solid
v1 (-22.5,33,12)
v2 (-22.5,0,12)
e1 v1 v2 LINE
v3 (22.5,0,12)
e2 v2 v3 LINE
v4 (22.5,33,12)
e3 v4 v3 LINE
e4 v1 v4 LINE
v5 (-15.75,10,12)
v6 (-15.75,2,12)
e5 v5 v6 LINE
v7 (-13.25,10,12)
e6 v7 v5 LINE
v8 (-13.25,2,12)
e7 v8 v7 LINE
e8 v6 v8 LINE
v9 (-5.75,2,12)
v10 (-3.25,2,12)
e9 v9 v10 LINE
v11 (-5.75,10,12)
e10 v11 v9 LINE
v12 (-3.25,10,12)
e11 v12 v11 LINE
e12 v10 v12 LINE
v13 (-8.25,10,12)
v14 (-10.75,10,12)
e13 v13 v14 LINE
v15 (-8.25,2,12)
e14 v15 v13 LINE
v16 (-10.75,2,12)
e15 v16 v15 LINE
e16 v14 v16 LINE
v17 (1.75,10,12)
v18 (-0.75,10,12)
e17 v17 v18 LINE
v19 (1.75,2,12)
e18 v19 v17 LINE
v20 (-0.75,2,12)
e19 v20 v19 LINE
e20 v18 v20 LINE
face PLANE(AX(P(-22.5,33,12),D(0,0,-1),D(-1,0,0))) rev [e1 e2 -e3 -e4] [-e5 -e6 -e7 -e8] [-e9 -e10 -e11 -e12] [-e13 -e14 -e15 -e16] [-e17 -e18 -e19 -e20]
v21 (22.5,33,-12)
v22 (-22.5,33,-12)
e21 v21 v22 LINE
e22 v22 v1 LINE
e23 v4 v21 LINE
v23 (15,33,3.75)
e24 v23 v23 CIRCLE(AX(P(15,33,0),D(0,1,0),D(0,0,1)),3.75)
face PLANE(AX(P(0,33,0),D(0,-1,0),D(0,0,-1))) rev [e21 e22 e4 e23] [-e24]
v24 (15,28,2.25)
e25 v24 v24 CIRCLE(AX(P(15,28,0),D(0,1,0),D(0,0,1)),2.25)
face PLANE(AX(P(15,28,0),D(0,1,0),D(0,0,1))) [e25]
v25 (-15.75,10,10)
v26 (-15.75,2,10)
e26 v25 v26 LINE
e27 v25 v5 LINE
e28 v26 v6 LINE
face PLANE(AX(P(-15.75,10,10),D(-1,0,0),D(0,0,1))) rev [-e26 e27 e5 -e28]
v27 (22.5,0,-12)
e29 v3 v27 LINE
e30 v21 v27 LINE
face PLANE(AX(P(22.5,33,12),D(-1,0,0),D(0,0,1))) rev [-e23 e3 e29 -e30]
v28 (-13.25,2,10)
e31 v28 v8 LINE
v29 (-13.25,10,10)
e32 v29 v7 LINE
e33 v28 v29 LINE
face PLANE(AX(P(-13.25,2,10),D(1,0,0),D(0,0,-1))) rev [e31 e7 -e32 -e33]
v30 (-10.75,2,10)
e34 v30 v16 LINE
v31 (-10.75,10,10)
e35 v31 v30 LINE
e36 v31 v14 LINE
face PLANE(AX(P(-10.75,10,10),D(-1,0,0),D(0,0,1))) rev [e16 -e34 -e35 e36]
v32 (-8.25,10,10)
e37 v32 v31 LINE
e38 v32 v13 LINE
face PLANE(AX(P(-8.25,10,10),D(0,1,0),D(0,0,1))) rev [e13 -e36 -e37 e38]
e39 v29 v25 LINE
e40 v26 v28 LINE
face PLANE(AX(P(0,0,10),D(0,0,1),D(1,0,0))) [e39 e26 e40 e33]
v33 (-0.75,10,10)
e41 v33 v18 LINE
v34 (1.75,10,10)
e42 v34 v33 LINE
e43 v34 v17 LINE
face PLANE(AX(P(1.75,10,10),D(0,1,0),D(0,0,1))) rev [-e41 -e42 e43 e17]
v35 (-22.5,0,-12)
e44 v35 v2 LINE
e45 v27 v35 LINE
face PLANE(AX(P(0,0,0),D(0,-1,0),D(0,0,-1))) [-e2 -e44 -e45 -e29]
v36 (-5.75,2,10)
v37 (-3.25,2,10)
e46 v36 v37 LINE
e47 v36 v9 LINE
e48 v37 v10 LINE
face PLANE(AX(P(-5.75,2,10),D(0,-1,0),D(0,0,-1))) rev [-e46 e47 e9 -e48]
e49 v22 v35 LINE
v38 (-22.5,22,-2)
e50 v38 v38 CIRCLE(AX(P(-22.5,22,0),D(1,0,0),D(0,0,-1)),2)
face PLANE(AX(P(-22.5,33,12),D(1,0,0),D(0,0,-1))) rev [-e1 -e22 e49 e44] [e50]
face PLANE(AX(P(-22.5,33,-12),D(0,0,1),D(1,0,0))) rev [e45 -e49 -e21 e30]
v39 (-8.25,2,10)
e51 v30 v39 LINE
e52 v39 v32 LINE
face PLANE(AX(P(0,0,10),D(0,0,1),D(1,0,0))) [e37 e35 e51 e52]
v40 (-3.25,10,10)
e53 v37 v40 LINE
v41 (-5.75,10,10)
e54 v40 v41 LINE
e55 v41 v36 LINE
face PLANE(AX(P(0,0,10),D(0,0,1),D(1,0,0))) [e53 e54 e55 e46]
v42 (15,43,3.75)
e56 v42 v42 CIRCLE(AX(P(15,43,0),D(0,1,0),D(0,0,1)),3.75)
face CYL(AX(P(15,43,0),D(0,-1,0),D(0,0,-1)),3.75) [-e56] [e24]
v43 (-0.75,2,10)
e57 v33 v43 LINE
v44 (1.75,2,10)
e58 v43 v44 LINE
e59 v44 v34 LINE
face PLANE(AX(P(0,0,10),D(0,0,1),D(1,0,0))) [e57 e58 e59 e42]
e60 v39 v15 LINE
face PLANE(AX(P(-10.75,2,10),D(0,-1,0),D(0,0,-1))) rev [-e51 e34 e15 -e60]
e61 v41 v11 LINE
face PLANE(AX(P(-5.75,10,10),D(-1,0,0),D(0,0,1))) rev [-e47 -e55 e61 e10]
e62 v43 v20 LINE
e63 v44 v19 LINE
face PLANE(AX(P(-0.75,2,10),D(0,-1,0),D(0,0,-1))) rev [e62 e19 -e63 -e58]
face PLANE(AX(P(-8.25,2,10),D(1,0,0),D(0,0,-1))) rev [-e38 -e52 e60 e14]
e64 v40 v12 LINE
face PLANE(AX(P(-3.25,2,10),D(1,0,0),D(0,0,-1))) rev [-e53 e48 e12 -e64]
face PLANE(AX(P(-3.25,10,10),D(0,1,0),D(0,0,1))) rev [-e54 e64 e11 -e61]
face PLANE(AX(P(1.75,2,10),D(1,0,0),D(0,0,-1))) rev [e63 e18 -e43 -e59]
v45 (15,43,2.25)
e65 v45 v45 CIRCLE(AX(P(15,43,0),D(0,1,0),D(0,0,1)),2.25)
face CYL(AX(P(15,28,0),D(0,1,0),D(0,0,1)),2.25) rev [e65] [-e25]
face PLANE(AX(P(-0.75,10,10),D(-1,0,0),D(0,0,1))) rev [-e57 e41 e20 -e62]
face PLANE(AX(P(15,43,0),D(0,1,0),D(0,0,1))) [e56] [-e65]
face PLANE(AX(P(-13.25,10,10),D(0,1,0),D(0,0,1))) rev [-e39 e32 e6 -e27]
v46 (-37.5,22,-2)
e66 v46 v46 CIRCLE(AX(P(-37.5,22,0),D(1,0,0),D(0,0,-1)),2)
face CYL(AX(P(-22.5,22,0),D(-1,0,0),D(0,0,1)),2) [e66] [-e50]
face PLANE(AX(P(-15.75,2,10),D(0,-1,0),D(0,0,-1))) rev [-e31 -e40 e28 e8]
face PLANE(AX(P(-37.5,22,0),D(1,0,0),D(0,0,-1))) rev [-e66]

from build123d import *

# Parameters (mm, degrees)
SKETCH1_W         = 45
SKETCH1_H         = 24
PUMP_BODY_DEPTH   = 33
OUTLET_START      = 33
SKETCH2_R         = 3.75
OUTLET_DEPTH      = 10
OUTLET_BORE_START = 43
SKETCH3_R         = 2.25
OUTLET_BORE_DEPTH = 15
INLET_SLOTS_START = 12
SKETCH4_W         = 2.5
SKETCH4_H         = 8
INLET_SLOTS_DEPTH = 2
CABLE_STUB_START  = -37.5
SKETCH5_R         = 2
CABLE_STUB_DEPTH  = 15


with BuildPart() as part:
    # Sketch1 → Pump_Body (new body)
    with BuildSketch(Plane(origin=(0, 0, 0), x_dir=(1, 0, 0), z_dir=(0, 1, 0))):
        Rectangle(SKETCH1_W, SKETCH1_H)
    extrude(amount=PUMP_BODY_DEPTH)

    # Sketch2 → Outlet (add)
    with BuildSketch(Plane(origin=(0, 0, 0), x_dir=(1, 0, 0), z_dir=(0, 1, 0)).offset(OUTLET_START)):
        with Locations(Location((15, 0, 0), (0, 0, 270))):
            Circle(SKETCH2_R)
    extrude(amount=OUTLET_DEPTH)

    # Sketch3 → Outlet_Bore (cut)
    with BuildSketch(Plane(origin=(0, 0, 0), x_dir=(1, 0, 0), z_dir=(0, 1, 0)).offset(OUTLET_BORE_START)):
        with Locations(Location((15, 0, 0), (0, 0, 270))):
            Circle(SKETCH3_R)
    extrude(amount=-OUTLET_BORE_DEPTH, mode=Mode.SUBTRACT)

    # Sketch4 → Inlet_Slots (cut)
    with BuildSketch(Plane.XY.offset(INLET_SLOTS_START)):
        with Locations((-14.5, 6)):
            Rectangle(SKETCH4_W, SKETCH4_H)
        with Locations((-9.5, 6)):
            Rectangle(SKETCH4_W, SKETCH4_H)
        with Locations((-4.5, 6)):
            Rectangle(SKETCH4_W, SKETCH4_H)
        with Locations((0.5, 6)):
            Rectangle(SKETCH4_W, SKETCH4_H)
    extrude(amount=-INLET_SLOTS_DEPTH, mode=Mode.SUBTRACT)

    # Sketch5 → Cable_Stub (add)
    with BuildSketch(Plane(origin=(0, 0, 0), x_dir=(0, 0, -1), z_dir=(1, 0, 0)).offset(CABLE_STUB_START)):
        with Locations((0, 22)):
            Circle(SKETCH5_R)
    extrude(amount=CABLE_STUB_DEPTH)


solid = part.part
